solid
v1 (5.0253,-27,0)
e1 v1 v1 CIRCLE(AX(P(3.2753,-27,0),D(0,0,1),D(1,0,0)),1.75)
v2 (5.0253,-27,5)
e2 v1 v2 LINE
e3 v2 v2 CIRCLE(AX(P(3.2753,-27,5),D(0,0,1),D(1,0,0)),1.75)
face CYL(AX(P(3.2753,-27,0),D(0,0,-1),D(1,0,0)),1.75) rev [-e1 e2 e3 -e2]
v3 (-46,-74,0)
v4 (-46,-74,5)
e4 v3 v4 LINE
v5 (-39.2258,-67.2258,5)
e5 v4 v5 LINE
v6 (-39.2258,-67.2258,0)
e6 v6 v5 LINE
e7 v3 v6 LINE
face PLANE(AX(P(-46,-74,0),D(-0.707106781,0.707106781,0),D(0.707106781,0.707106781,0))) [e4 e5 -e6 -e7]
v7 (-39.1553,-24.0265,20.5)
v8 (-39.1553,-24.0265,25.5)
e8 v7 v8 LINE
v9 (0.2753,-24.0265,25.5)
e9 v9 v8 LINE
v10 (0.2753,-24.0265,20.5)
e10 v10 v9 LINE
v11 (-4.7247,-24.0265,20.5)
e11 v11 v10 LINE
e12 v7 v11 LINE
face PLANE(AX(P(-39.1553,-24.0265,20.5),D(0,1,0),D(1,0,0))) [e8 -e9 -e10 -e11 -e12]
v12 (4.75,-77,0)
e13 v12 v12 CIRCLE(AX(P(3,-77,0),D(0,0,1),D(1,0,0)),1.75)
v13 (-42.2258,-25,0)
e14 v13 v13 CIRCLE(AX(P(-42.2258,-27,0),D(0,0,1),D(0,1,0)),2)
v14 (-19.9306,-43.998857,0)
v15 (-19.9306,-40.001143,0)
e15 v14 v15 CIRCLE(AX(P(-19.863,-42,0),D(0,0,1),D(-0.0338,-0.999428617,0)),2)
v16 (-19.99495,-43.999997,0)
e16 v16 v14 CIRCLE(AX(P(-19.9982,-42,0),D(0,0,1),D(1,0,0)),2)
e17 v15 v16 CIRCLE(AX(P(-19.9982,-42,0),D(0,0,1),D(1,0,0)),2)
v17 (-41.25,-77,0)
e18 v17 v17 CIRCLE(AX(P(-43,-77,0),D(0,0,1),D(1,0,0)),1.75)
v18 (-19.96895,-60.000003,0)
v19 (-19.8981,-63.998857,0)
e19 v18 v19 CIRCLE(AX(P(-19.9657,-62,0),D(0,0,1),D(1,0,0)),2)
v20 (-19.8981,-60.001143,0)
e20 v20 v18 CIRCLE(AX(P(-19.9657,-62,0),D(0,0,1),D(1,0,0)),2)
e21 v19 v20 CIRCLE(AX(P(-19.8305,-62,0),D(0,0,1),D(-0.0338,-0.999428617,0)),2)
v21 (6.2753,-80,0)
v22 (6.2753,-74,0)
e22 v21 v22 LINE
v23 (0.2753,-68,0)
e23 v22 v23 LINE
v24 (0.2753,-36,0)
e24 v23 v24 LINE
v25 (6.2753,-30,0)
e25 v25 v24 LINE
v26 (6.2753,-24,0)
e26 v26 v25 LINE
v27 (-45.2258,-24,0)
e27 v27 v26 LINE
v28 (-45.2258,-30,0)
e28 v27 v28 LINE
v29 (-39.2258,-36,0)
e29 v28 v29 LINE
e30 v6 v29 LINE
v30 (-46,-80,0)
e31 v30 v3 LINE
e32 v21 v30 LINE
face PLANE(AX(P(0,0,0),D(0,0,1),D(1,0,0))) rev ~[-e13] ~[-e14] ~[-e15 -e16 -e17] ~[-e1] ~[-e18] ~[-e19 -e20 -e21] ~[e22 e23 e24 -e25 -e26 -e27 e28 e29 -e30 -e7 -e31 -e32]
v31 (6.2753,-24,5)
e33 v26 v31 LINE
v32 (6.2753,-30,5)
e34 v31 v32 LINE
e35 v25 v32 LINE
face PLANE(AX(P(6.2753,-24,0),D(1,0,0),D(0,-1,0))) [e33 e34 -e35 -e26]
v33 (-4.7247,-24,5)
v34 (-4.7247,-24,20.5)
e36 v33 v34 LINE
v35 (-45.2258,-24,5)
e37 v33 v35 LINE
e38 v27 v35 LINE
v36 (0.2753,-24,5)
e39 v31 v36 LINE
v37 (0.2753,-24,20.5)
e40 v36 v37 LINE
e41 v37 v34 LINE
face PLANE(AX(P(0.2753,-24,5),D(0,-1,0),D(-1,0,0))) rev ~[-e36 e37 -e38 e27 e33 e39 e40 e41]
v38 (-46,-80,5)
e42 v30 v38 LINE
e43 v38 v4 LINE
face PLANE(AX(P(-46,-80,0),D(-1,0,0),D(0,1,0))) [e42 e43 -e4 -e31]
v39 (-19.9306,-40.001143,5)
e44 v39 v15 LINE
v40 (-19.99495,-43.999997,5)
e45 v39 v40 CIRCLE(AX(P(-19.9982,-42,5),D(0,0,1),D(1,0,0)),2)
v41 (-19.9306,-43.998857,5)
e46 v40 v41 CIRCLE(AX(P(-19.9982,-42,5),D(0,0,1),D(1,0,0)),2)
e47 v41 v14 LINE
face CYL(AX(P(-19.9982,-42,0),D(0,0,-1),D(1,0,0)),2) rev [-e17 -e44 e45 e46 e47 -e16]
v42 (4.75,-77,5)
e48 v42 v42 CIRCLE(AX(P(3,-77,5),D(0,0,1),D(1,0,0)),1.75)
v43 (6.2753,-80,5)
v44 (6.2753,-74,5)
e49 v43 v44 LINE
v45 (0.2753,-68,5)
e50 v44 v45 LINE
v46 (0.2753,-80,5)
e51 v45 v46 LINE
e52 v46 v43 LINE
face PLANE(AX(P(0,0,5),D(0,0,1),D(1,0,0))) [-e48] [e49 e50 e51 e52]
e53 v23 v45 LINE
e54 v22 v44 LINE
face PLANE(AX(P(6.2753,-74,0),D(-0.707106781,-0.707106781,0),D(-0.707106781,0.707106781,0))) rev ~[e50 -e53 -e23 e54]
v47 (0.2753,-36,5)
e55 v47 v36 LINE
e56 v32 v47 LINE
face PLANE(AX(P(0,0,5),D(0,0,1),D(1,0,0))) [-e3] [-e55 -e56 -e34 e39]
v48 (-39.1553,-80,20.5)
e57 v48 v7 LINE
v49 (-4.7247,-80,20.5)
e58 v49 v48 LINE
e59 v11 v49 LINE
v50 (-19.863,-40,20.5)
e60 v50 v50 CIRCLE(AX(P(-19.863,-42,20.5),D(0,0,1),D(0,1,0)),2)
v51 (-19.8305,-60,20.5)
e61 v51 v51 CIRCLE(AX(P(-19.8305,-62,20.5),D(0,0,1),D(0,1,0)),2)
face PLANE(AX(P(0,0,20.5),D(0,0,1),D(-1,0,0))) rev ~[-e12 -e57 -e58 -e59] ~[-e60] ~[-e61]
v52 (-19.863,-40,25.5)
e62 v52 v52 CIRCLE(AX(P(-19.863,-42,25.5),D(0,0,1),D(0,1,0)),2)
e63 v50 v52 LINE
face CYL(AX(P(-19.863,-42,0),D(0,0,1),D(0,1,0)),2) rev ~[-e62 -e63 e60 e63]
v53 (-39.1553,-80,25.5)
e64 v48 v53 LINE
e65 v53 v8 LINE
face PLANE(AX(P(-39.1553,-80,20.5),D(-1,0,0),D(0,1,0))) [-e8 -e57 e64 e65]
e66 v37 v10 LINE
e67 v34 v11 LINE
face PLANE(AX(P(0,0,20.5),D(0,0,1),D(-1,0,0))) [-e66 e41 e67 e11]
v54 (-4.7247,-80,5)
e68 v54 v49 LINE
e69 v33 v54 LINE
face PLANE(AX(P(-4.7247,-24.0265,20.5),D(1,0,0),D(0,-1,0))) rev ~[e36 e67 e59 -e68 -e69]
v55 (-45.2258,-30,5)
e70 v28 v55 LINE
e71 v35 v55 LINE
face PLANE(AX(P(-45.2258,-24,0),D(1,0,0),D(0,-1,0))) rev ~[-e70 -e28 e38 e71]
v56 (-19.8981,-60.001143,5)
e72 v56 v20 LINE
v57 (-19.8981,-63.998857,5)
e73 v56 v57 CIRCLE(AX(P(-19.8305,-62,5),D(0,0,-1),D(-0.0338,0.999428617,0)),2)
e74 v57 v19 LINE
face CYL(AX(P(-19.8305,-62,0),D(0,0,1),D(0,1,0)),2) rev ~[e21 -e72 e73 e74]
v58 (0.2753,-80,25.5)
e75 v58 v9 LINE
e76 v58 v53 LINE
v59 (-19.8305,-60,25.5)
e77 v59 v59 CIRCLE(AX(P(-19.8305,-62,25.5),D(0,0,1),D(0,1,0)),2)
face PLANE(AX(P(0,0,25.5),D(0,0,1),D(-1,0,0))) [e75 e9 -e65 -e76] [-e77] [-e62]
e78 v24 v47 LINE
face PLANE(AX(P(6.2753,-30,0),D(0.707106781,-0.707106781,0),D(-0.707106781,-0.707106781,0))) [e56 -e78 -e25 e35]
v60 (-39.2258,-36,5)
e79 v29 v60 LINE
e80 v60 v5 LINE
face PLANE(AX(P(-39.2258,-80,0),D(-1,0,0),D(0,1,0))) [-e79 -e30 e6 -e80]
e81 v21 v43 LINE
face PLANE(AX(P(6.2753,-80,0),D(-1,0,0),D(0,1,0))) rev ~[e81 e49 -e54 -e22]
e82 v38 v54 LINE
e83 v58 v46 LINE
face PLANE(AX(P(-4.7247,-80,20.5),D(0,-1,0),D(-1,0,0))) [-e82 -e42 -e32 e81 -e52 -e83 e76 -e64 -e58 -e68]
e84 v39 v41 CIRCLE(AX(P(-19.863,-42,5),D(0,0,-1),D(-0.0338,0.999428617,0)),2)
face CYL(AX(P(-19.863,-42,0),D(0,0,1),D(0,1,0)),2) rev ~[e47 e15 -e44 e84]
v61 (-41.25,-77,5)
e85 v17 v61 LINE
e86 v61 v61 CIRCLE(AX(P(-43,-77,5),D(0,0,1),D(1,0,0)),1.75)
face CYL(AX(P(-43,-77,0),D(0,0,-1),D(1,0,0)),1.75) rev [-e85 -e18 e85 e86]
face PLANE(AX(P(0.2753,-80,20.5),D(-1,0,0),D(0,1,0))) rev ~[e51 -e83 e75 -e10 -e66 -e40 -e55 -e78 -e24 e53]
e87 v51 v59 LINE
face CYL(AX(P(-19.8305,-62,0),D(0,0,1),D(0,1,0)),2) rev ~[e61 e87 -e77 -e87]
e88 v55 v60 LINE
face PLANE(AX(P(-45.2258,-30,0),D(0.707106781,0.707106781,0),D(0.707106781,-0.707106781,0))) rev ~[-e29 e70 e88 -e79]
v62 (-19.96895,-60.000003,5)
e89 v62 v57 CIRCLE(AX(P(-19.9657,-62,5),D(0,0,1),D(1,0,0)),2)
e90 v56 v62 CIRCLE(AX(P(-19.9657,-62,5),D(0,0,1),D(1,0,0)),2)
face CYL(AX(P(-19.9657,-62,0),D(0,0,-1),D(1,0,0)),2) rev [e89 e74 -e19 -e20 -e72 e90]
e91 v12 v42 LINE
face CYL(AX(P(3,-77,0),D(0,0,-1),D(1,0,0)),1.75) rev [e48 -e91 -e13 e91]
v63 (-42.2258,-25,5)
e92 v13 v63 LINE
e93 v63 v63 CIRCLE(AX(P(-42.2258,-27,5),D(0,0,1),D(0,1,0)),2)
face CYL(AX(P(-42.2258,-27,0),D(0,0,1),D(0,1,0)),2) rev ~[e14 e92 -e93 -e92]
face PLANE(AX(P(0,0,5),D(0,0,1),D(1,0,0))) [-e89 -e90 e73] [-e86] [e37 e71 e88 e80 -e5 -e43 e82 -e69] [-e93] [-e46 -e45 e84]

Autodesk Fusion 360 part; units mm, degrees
sketch "Sketch1" plane through (0, 0, 0) normal (0, 0, 1) x (1, 0, 0)
  circle A0 centre (-19.9657, -62) radius 2
  line L0 (6.2753, -74) -> (14.4853, -74) construction
  line L1 (0.2753, -24) -> (-39.2258, -24)
  line L2 (6.2753, -74) -> (0.2753, -68)
  line L3 (-39.2258, -80) -> (-39.2258, -52)
  circle A1 centre (3, -77) radius 1.75
  circle A2 centre (-43, -77) radius 1.75
  line L4 (6.2753, -80) -> (6.2753, -74)
  line L5 (0.2753, -80) -> (6.2753, -80)
  line L6 (0.2753, -52) -> (0.2753, -24)
  line L7 (-46, -80) -> (-46, -74)
  line L8 (-39.2258, -80) -> (-46, -80)
  circle A3 centre (3.2753, -27) radius 1.75
  line L9 (-39.2258, -24) -> (-45.2258, -24)
  line L10 (6.2753, -30) -> (0.2753, -36)
  line L11 (-45.2258, -24) -> (-45.2258, -30)
  line L12 (0.2753, -24) -> (6.2753, -24)
  line L13 (-45.2258, -30) -> (-37.5147, -30) construction
  line L14 (-45.2258, -30) -> (-39.2258, -36)
  circle A4 centre (-19.9982, -42) radius 2
  line L15 (6.2753, -24) -> (6.2753, -30)
  line L16 (0.2753, -52) -> (0.2753, -80)
  line L17 (-19.9982, -42) -> (-19.9657, -62)
  line L18 (0.2753, -80) -> (-39.2258, -80)
  line L19 (-46, -74) -> (-39.2258, -67.2258)
  line L20 (-39.2258, -52) -> (0.2753, -52)
  line L21 (-39.2258, -24) -> (-39.2258, -52)
  circle A5 centre (-42.2258, -27) radius 1.75
  point P0 (0.2753, -24)
  dimension "d16" = 4
  dimension "d20" = 20
  dimension "d21" = 4
  dimension "d30" = 6
  dimension "d31" = 6
  dimension "d32" = 135
  dimension "d33" = 3.5
  dimension "d34" = 6
  dimension "d35" = 6
  dimension "d36" = 3.5
  dimension "d37" = 6
  dimension "d38" = 6
  dimension "d39" = 45
  dimension "d41" = 135
  dimension "d42" = 3.5
  dimension "d54" = 10
  dimension "d52" = 56
  dimension "d53" = 3.5
  dimension "d55" = 3
  dimension "d56" = 28
extrude "Extrude1" add sketch "Sketch1" along normal blind 5 contours L3 L16 L18 L20 | L1 L6 L20 L21
extrude "Extrude2" add sketch "Sketch1" along normal blind 5 contours L3 L7 L8 L19 | L9 L11 L14 L21 | L6 L10 L12 L15 | L2 L4 L5 L16
sketch "Sketch2" plane through (0, 0, 5) normal (0, 0, 1) x (-1, 0, 0)
  circle A0 centre (-3, 77) radius 1.75
  circle A1 centre (43, 77) radius 1.75
  circle A2 centre (-3.2753, 27) radius 1.75
  circle A3 centre (19.9982, 42) radius 2
  circle A4 centre (19.9657, 62) radius 2
  line L0 (-0.2753, 68) -> (-0.2753, 36)
  line L1 (-0.2753, 36) -> (-6.2753, 30)
  line L2 (-6.2753, 30) -> (-6.2753, 24)
  line L3 (-6.2753, 24) -> (45.2258, 24)
  line L4 (45.2258, 24) -> (45.2258, 30)
  line L5 (45.2258, 30) -> (39.2258, 36)
  line L6 (39.2258, 36) -> (39.2258, 67.2258)
  line L7 (39.2258, 67.2258) -> (46, 74)
  line L8 (46, 74) -> (46, 80)
  line L9 (46, 80) -> (-6.2753, 80)
  line L10 (-6.2753, 80) -> (-6.2753, 74)
  line L11 (-6.2753, 74) -> (-0.2753, 68)
  line L12 (4.7247, 24) -> (4.7247, 104)
  line L13 (-0.2753, 52) -> (-0.2753, 24)
  line L14 (-0.2753, 24) -> (-0.2753, 80)
  dimension "d25" = 80
  dimension "d26" = 5
extrude "Extrude3" add sketch "Sketch2" along normal blind 15.5 contours L0 L3 L9 L12 L13 L14
sketch "Sketch3" plane through (0, 0, 20.5) normal (0, 0, 1) x (-1, 0, 0)
  line L0 (4.7247, 24) -> (4.7247, 80)
  line L1 (4.7247, 80) -> (-0.2753, 80)
  line L2 (-0.2753, 80) -> (-0.2753, 24)
  line L3 (-0.2753, 24) -> (4.7247, 24)
  line L4 (39.1553, 24.0265) -> (-0.2753, 24.0265)
  line L5 (-0.2753, 80) -> (39.1553, 80)
  line L6 (39.1553, 80) -> (39.1553, 24.0265)
extrude "Extrude4" add sketch "Sketch3" along normal blind 5 contours L0 L1 L2 L4 L5
extrude "Extrude5" add sketch "Sketch3" along normal blind 5 contours L0 L4 L5 L6
hole "Hole1" at (-19.8305, -62, 0) direction (0, 0, 1) diameter 4 depth 31 tip angle 118
hole "Hole2" at (-19.863, -42, 0) direction (0, 0, 1) diameter 4 depth 30 tip angle 118
hole "Hole3" at (-42.2258, -27, 0) direction (0, 0, 1) diameter 4 depth 11 tip angle 118
equation "d54 = d20 / 2"
equation "d56 = d52 / 2"
